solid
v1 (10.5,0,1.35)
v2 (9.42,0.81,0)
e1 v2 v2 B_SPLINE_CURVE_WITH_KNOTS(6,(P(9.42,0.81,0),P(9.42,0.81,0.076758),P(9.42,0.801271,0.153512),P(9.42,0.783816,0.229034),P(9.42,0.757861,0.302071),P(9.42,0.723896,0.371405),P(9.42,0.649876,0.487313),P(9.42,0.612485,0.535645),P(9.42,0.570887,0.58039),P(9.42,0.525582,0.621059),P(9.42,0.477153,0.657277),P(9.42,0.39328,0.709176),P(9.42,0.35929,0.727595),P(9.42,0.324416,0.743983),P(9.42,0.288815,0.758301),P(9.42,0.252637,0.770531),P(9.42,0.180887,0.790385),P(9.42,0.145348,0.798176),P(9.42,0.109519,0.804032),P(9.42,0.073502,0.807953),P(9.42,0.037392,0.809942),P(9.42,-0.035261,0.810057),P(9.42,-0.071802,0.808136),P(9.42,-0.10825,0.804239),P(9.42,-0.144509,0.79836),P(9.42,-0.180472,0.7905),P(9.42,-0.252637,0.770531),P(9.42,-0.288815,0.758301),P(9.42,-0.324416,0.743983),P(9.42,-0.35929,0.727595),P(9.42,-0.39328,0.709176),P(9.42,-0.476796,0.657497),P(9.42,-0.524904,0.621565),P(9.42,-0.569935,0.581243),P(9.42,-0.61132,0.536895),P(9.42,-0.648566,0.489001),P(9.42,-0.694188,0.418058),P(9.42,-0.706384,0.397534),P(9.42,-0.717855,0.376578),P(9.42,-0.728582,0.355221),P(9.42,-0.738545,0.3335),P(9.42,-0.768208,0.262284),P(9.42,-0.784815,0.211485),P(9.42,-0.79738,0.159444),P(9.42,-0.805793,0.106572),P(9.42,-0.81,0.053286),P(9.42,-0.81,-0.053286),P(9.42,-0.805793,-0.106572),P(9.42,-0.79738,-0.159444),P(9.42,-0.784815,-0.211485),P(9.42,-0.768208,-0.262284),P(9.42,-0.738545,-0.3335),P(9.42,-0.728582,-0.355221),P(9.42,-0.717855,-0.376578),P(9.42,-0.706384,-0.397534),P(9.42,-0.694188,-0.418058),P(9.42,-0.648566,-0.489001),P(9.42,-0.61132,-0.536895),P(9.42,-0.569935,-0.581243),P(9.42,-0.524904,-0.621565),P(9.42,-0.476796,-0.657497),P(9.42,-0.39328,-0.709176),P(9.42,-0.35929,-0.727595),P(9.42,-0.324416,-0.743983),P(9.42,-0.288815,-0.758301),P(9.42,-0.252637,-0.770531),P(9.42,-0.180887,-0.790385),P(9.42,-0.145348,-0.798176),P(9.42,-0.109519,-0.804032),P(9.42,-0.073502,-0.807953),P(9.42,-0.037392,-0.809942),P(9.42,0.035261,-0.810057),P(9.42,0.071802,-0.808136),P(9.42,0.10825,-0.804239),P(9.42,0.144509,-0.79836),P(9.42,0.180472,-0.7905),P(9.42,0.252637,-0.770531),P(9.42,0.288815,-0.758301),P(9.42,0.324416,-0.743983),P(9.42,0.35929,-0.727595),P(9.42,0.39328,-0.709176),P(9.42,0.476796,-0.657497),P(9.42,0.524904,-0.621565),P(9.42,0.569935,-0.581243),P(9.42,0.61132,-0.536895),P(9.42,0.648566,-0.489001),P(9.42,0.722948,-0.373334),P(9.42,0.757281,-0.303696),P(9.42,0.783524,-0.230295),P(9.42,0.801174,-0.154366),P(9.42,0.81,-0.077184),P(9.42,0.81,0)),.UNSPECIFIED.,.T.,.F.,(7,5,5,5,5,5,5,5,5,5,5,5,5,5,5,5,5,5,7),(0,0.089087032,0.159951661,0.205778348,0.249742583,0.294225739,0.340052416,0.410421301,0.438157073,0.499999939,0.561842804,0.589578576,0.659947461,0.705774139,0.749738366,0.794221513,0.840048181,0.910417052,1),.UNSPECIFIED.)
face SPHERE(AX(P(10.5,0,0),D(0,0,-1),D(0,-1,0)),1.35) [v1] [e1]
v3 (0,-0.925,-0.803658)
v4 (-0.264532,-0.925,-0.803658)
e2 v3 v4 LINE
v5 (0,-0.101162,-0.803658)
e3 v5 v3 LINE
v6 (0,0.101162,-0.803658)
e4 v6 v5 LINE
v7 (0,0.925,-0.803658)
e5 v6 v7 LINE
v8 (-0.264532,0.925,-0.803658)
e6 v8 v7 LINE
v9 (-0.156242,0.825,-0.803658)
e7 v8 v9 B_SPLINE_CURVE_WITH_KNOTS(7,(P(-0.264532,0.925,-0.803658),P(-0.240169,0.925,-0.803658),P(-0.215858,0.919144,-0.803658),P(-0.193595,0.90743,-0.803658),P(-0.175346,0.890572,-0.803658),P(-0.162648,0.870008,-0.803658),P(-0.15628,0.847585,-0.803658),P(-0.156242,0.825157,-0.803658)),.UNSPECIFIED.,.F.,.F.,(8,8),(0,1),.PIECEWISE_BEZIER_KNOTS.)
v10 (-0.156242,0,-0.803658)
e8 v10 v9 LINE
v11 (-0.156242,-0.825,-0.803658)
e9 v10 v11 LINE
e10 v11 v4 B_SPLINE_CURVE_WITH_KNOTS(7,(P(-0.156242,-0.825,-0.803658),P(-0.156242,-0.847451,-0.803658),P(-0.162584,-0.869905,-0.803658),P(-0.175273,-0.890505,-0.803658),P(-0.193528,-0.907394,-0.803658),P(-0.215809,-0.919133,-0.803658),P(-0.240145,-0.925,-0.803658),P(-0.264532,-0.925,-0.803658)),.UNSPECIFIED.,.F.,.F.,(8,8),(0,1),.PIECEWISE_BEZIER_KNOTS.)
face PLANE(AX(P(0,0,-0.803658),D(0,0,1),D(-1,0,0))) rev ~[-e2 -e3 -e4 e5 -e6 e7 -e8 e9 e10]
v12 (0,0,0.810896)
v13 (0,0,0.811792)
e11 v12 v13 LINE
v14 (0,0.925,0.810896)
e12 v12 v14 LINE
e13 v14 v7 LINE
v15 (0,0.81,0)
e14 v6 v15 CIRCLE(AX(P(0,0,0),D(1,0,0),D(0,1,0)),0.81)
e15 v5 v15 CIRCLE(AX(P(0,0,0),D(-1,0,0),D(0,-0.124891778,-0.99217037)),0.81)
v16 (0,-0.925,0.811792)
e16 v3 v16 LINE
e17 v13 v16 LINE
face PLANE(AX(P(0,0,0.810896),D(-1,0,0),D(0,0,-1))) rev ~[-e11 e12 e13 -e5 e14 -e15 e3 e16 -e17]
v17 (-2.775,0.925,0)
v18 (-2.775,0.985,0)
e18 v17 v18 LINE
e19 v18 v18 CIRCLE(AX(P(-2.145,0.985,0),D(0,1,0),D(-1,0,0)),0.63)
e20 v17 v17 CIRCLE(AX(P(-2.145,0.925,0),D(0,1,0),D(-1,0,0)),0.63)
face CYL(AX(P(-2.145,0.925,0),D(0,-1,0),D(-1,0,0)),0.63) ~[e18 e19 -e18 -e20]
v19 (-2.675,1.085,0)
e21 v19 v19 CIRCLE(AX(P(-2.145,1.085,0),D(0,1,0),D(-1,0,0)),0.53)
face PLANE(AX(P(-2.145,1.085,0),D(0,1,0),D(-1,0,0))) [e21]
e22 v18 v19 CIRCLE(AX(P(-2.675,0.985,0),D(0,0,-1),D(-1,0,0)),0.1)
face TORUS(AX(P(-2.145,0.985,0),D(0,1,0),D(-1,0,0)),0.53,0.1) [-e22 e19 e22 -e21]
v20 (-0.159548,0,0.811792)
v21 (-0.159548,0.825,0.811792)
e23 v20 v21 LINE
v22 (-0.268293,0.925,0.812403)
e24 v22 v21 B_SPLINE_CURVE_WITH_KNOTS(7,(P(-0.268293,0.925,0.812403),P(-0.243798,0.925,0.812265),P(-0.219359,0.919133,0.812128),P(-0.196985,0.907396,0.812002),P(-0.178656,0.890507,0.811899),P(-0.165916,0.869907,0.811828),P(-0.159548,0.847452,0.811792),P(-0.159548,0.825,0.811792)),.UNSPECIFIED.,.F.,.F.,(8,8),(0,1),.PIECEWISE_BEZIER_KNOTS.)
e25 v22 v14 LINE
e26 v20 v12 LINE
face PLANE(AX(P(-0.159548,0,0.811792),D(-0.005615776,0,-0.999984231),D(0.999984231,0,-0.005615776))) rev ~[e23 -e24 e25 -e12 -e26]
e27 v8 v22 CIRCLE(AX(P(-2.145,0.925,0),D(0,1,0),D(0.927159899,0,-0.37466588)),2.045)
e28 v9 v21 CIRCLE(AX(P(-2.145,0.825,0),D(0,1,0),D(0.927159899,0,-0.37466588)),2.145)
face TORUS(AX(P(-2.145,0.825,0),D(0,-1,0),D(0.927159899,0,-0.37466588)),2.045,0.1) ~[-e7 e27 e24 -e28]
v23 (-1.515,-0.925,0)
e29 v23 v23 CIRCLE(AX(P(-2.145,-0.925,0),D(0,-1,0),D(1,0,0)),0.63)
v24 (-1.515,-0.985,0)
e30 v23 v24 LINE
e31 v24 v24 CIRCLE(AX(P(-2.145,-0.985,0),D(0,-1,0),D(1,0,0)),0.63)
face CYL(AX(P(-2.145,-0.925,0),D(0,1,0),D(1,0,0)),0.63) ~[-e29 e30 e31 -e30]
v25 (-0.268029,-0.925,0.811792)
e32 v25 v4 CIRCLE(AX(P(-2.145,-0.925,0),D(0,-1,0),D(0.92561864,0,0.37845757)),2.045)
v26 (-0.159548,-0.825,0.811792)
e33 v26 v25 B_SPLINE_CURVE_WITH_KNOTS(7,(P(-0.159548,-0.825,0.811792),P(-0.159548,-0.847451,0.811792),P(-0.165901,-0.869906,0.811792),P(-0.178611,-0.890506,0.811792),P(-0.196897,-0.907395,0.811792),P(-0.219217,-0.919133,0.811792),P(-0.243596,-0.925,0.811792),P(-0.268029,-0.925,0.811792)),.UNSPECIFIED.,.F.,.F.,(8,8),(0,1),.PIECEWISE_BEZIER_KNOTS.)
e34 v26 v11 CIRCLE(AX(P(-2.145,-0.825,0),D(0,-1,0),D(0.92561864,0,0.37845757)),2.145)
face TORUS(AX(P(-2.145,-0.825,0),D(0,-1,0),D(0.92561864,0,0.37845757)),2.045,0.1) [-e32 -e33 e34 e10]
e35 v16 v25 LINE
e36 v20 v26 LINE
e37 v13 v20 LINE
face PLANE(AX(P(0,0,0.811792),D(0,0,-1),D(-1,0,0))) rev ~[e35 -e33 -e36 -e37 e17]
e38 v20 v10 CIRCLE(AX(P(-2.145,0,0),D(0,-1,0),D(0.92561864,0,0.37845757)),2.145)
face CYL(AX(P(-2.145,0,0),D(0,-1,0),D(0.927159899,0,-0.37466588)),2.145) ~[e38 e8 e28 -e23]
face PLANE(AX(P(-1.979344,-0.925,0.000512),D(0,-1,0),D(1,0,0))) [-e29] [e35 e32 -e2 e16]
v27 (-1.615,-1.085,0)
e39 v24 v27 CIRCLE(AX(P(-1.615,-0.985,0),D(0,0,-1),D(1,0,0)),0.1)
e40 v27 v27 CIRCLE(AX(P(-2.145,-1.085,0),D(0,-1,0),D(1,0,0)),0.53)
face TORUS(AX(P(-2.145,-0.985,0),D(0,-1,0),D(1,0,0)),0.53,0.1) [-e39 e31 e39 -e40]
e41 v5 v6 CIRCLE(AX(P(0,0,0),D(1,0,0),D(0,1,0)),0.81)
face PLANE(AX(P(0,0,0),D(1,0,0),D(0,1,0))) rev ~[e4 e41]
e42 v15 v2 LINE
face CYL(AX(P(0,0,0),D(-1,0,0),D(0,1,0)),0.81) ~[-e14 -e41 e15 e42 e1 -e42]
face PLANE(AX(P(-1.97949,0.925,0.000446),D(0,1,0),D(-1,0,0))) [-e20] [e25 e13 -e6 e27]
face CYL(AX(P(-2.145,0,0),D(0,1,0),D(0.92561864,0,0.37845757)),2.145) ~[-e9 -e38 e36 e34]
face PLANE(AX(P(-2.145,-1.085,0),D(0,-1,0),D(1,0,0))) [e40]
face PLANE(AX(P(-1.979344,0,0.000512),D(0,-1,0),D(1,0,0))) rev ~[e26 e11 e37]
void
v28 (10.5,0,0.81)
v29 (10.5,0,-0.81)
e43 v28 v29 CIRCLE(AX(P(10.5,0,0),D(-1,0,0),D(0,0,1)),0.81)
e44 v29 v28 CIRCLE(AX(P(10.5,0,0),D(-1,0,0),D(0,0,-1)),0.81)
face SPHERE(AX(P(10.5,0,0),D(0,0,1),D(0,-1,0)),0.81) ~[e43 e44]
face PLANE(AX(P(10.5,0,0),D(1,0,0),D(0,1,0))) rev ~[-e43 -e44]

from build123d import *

# Parameters (mm, degrees)
F0_R     = 0.81
F1_DEPTH = 10.5
F3_DEPTH = 0.925
F5_DEPTH = 0.925
F7_R     = 0.63
F8_DEPTH = 0.16
F6_R     = 0.63
F9_DEPTH = 0.16
F10_R    = 0.1


with BuildPart() as f1:
    # F0 (on Right) → F1 (new body)
    with BuildSketch(Plane.YZ):
        Circle(F0_R)
    extrude(amount=F1_DEPTH)

    # F2 (on Front) → F3 (join)
    with BuildSketch(Plane.XZ):
        with BuildLine():
            Line((0, 0.811792), (-0.159548, 0.811792))
            ThreePointArc((-0.159548, 0.811792), (-4.289996, -0.00439), (-0.156242, -0.803658))
            Line((-0.156242, -0.803658), (0, -0.803658))
            Line((0, -0.803658), (0, 0.811792))
        make_face()
    extrude(amount=F3_DEPTH)

    # F4 (on face) → F5 (join)
    with BuildSketch(Plane(origin=(0, 0, 0), x_dir=(-1, 0, 0), z_dir=(0, 1, 0))):
        with BuildLine():
            Line((0, -0.803658), (0.156242, -0.803658))
            ThreePointArc((0.156242, -0.803658), (4.289996, -0.00439), (0.159548, 0.811792))
            Line((0.159548, 0.811792), (0, 0.810896))
            Line((0, 0.810896), (0, 0.81))
            Line((0, 0.81), (0, -0.803658))
        make_face()
    extrude(amount=F5_DEPTH)

    # F7 (on face) → F8 (join)
    with BuildSketch(Plane.XZ.offset(0.925)):
        with Locations((-2.145, 0)):
            Circle(F7_R)
    extrude(amount=F8_DEPTH)

    # F6 (on face) → F9 (join)
    with BuildSketch(Plane(origin=(0, 0.925, 0), x_dir=(-1, 0, 0), z_dir=(0, 1, 0))):
        with Locations((2.145, 0)):
            Circle(F6_R)
    extrude(amount=F9_DEPTH)

    # F10
    f10_edges = [f1.edges().sort_by_distance(p)[0] for p in [
        (-1.515, 1.085, 0),
        (-2.775, -1.085, 0),
        (-4.289996, -0.925, -0.00439),
        (-4.289996, 0.925, -0.00439),
    ]]
    fillet(f10_edges, radius=F10_R)

    # F11 (on face) → F12 (revolve)
    with BuildSketch(Plane.YZ.offset(10.5)):
        with BuildLine():
            Line((0, 0.81), (0, 1.35))
            ThreePointArc((0, 1.35), (-1.35, 0), (0, -1.35))
            Line((0, -1.35), (0, -0.81))
            ThreePointArc((0, -0.81), (-0.81, 0), (0, 0.81))
        make_face()
    revolve(axis=Axis((10.5, 0, 0), (0, 0, -1)))


solid = f1.part
